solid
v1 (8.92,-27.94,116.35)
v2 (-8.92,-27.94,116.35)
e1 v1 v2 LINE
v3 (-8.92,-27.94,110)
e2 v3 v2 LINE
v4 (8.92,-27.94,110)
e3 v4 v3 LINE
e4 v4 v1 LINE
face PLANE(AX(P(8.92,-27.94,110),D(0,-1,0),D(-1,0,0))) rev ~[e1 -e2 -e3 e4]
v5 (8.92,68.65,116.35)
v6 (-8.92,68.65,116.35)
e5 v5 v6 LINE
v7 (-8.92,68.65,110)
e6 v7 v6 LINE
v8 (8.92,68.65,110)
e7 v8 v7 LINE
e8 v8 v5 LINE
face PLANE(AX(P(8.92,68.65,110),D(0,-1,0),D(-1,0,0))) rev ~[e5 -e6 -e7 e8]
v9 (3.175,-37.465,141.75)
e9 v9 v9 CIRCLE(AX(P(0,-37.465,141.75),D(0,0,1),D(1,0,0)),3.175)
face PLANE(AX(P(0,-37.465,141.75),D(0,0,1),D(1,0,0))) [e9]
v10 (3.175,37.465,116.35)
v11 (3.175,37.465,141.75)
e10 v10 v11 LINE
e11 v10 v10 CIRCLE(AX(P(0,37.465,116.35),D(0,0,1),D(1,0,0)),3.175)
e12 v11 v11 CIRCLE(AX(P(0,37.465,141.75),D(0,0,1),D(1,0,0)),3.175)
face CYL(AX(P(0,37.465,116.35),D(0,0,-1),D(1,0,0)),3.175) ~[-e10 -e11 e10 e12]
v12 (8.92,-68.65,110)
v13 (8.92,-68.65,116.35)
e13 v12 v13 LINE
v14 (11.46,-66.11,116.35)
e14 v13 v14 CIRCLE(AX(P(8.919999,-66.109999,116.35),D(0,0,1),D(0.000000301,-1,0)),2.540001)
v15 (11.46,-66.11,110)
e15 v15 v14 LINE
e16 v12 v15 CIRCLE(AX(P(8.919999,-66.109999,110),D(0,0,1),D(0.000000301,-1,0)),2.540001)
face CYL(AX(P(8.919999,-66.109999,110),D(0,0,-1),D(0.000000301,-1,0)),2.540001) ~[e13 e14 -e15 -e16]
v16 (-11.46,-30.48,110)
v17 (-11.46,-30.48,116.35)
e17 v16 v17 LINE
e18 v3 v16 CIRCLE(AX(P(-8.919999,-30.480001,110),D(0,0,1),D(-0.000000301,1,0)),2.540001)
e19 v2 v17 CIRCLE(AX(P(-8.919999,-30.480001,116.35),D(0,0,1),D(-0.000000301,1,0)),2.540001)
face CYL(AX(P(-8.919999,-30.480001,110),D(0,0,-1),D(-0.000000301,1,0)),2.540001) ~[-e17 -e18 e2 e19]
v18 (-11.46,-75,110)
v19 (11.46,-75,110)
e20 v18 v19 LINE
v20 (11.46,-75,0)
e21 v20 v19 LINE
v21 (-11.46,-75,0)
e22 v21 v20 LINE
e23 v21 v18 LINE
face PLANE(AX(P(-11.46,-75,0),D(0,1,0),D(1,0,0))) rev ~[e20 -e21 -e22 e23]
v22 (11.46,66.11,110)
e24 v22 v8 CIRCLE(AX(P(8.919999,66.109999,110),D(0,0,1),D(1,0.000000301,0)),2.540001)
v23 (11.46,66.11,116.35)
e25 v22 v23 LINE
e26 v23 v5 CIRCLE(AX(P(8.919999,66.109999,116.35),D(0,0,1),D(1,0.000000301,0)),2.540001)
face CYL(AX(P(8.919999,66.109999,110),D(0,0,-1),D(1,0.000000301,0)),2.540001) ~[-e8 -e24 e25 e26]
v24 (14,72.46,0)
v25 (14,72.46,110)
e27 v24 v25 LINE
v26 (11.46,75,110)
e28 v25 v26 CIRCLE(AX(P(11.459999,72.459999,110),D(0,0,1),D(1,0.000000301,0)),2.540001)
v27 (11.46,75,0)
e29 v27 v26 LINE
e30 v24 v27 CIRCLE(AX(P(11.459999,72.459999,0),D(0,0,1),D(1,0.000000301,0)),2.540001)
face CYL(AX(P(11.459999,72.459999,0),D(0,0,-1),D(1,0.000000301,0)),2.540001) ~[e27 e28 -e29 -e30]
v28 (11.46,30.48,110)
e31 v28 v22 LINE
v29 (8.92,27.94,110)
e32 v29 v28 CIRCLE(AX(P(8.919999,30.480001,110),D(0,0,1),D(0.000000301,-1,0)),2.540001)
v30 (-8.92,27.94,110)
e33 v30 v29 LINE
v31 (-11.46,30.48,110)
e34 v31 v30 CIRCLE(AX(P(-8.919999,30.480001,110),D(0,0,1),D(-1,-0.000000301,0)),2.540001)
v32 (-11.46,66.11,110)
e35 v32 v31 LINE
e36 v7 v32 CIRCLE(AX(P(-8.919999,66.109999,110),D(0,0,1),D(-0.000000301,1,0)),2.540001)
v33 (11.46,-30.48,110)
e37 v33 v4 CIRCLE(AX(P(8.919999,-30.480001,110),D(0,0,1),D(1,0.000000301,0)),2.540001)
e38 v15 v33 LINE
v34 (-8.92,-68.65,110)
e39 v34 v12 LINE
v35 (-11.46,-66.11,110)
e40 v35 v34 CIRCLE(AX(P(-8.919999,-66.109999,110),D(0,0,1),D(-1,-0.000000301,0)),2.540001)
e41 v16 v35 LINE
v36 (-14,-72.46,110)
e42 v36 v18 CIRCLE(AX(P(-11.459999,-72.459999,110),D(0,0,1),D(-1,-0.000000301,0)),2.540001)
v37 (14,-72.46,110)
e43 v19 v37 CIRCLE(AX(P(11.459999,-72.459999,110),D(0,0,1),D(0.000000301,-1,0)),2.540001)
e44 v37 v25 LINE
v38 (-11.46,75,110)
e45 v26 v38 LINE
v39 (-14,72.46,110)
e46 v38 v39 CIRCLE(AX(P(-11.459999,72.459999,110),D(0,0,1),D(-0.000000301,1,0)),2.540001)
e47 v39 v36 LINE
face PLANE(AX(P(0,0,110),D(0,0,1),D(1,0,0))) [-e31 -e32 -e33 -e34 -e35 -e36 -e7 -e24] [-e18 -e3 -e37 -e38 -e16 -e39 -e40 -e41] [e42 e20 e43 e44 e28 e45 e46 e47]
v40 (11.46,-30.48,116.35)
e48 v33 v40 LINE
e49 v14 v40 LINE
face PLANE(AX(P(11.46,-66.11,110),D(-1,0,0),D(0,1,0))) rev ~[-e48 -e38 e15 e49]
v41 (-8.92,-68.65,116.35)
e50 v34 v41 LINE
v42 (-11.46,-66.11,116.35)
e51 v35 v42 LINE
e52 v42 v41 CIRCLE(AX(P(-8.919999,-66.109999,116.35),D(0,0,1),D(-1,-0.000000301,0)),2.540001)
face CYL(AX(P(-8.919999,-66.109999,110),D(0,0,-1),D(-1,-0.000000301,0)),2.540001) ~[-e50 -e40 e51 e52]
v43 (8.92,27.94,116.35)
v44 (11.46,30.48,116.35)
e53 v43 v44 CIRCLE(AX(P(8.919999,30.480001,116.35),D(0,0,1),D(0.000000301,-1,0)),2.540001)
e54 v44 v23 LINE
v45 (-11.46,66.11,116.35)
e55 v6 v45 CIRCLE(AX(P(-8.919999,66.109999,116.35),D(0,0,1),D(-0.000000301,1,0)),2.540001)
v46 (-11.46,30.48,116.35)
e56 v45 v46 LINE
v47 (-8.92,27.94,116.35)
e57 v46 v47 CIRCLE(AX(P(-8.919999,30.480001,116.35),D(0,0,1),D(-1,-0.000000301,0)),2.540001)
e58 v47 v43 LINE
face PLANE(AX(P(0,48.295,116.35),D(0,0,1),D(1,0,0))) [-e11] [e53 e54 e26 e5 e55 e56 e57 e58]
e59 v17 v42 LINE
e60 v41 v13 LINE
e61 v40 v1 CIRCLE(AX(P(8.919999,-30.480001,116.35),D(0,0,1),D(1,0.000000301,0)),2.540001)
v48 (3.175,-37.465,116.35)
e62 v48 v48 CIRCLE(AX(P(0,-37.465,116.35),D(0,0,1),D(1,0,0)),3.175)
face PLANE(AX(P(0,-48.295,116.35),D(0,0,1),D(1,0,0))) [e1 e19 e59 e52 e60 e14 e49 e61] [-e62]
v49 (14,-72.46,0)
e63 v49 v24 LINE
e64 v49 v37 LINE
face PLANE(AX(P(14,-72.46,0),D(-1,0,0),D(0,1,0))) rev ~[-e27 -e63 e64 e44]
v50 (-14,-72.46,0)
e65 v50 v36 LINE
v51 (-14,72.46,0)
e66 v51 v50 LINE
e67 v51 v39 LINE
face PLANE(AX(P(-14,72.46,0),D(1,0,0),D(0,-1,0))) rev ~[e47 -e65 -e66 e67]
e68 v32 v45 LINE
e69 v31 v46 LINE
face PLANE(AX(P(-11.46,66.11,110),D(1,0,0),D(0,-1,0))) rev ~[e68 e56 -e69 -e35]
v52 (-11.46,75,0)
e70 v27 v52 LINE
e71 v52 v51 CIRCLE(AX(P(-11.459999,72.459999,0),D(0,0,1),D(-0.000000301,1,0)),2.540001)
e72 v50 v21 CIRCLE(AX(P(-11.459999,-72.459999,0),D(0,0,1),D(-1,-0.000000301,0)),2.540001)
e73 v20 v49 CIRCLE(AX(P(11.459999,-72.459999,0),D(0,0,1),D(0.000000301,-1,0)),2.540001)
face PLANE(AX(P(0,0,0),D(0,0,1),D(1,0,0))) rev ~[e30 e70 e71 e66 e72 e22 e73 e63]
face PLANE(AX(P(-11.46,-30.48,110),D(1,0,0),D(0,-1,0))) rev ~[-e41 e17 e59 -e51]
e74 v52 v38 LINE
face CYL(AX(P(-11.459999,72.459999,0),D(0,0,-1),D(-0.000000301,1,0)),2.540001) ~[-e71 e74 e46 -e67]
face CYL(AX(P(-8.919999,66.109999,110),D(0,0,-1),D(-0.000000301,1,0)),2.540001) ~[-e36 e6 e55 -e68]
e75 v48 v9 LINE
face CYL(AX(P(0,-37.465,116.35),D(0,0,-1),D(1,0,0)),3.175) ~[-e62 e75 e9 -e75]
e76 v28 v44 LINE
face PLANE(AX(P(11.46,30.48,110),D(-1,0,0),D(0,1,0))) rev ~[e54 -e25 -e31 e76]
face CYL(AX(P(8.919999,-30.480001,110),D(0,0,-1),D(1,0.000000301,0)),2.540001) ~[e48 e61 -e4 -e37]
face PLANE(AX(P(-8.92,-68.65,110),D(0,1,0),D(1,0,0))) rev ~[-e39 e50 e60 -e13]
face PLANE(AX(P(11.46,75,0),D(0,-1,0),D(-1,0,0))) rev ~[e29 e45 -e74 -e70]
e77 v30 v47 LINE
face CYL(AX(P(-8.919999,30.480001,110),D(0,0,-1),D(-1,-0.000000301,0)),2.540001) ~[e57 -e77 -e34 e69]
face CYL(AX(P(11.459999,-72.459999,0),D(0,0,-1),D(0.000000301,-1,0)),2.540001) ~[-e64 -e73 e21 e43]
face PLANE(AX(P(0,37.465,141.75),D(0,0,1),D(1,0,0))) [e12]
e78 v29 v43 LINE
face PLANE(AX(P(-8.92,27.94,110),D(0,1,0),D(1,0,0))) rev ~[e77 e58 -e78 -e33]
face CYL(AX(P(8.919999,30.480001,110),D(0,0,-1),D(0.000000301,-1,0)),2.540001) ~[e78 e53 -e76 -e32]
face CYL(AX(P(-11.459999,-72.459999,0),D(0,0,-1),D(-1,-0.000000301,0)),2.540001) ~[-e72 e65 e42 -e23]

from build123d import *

# Parameters (mm, degrees)
F1_DEPTH = 110
F3_DEPTH = 6.35
F4_R     = 3.175
F5_DEPTH = 25.4


with BuildPart() as f1:
    # F0 (on Top) → F1 (new body)
    with BuildSketch(Plane.XY):
        with BuildLine():
            ThreePointArc((14, 72.46), (13.256051, 74.256051), (11.46, 75))
            Line((11.46, 75), (-11.46, 75))
            ThreePointArc((-11.46, 75), (-13.256051, 74.256051), (-14, 72.46))
            Line((-14, 72.46), (-14, -72.46))
            ThreePointArc((-14, -72.46), (-13.256051, -74.256051), (-11.46, -75))
            Line((-11.46, -75), (11.46, -75))
            ThreePointArc((11.46, -75), (13.256051, -74.256051), (14, -72.46))
            Line((14, -72.46), (14, 72.46))
        make_face()
    extrude(amount=F1_DEPTH)

    # F2 (on face) → F3 (join)
    with BuildSketch(Plane.XY.offset(110)):
        with BuildLine():
            ThreePointArc((-11.46, -66.11), (-10.716051, -67.906051), (-8.92, -68.65))
            Line((-8.92, -68.65), (8.92, -68.65))
            ThreePointArc((8.92, -68.65), (10.716051, -67.906051), (11.46, -66.11))
            Line((11.46, -66.11), (11.46, -30.48))
            ThreePointArc((11.46, -30.48), (10.716051, -28.683949), (8.92, -27.94))
            Line((8.92, -27.94), (-8.92, -27.94))
            ThreePointArc((-8.92, -27.94), (-10.716051, -28.683949), (-11.46, -30.48))
            Line((-11.46, -30.48), (-11.46, -66.11))
        make_face()
        with BuildLine():
            Line((8.92, 68.65), (-8.92, 68.65))
            ThreePointArc((-8.92, 68.65), (-10.716051, 67.906051), (-11.46, 66.11))
            Line((-11.46, 66.11), (-11.46, 30.48))
            ThreePointArc((-11.46, 30.48), (-10.716051, 28.683949), (-8.92, 27.94))
            Line((-8.92, 27.94), (8.92, 27.94))
            ThreePointArc((8.92, 27.94), (10.716051, 28.683949), (11.46, 30.48))
            Line((11.46, 30.48), (11.46, 66.11))
            ThreePointArc((11.46, 66.11), (10.716051, 67.906051), (8.92, 68.65))
        make_face()
    extrude(amount=F3_DEPTH)

    # F4 (on face) → F5 (join)
    with BuildSketch(Plane.XY.offset(116.35)):
        with Locations((0, -37.465)):
            Circle(F4_R)
        with Locations((0, 37.465)):
            Circle(F4_R)
    extrude(amount=F5_DEPTH)


solid = f1.part
